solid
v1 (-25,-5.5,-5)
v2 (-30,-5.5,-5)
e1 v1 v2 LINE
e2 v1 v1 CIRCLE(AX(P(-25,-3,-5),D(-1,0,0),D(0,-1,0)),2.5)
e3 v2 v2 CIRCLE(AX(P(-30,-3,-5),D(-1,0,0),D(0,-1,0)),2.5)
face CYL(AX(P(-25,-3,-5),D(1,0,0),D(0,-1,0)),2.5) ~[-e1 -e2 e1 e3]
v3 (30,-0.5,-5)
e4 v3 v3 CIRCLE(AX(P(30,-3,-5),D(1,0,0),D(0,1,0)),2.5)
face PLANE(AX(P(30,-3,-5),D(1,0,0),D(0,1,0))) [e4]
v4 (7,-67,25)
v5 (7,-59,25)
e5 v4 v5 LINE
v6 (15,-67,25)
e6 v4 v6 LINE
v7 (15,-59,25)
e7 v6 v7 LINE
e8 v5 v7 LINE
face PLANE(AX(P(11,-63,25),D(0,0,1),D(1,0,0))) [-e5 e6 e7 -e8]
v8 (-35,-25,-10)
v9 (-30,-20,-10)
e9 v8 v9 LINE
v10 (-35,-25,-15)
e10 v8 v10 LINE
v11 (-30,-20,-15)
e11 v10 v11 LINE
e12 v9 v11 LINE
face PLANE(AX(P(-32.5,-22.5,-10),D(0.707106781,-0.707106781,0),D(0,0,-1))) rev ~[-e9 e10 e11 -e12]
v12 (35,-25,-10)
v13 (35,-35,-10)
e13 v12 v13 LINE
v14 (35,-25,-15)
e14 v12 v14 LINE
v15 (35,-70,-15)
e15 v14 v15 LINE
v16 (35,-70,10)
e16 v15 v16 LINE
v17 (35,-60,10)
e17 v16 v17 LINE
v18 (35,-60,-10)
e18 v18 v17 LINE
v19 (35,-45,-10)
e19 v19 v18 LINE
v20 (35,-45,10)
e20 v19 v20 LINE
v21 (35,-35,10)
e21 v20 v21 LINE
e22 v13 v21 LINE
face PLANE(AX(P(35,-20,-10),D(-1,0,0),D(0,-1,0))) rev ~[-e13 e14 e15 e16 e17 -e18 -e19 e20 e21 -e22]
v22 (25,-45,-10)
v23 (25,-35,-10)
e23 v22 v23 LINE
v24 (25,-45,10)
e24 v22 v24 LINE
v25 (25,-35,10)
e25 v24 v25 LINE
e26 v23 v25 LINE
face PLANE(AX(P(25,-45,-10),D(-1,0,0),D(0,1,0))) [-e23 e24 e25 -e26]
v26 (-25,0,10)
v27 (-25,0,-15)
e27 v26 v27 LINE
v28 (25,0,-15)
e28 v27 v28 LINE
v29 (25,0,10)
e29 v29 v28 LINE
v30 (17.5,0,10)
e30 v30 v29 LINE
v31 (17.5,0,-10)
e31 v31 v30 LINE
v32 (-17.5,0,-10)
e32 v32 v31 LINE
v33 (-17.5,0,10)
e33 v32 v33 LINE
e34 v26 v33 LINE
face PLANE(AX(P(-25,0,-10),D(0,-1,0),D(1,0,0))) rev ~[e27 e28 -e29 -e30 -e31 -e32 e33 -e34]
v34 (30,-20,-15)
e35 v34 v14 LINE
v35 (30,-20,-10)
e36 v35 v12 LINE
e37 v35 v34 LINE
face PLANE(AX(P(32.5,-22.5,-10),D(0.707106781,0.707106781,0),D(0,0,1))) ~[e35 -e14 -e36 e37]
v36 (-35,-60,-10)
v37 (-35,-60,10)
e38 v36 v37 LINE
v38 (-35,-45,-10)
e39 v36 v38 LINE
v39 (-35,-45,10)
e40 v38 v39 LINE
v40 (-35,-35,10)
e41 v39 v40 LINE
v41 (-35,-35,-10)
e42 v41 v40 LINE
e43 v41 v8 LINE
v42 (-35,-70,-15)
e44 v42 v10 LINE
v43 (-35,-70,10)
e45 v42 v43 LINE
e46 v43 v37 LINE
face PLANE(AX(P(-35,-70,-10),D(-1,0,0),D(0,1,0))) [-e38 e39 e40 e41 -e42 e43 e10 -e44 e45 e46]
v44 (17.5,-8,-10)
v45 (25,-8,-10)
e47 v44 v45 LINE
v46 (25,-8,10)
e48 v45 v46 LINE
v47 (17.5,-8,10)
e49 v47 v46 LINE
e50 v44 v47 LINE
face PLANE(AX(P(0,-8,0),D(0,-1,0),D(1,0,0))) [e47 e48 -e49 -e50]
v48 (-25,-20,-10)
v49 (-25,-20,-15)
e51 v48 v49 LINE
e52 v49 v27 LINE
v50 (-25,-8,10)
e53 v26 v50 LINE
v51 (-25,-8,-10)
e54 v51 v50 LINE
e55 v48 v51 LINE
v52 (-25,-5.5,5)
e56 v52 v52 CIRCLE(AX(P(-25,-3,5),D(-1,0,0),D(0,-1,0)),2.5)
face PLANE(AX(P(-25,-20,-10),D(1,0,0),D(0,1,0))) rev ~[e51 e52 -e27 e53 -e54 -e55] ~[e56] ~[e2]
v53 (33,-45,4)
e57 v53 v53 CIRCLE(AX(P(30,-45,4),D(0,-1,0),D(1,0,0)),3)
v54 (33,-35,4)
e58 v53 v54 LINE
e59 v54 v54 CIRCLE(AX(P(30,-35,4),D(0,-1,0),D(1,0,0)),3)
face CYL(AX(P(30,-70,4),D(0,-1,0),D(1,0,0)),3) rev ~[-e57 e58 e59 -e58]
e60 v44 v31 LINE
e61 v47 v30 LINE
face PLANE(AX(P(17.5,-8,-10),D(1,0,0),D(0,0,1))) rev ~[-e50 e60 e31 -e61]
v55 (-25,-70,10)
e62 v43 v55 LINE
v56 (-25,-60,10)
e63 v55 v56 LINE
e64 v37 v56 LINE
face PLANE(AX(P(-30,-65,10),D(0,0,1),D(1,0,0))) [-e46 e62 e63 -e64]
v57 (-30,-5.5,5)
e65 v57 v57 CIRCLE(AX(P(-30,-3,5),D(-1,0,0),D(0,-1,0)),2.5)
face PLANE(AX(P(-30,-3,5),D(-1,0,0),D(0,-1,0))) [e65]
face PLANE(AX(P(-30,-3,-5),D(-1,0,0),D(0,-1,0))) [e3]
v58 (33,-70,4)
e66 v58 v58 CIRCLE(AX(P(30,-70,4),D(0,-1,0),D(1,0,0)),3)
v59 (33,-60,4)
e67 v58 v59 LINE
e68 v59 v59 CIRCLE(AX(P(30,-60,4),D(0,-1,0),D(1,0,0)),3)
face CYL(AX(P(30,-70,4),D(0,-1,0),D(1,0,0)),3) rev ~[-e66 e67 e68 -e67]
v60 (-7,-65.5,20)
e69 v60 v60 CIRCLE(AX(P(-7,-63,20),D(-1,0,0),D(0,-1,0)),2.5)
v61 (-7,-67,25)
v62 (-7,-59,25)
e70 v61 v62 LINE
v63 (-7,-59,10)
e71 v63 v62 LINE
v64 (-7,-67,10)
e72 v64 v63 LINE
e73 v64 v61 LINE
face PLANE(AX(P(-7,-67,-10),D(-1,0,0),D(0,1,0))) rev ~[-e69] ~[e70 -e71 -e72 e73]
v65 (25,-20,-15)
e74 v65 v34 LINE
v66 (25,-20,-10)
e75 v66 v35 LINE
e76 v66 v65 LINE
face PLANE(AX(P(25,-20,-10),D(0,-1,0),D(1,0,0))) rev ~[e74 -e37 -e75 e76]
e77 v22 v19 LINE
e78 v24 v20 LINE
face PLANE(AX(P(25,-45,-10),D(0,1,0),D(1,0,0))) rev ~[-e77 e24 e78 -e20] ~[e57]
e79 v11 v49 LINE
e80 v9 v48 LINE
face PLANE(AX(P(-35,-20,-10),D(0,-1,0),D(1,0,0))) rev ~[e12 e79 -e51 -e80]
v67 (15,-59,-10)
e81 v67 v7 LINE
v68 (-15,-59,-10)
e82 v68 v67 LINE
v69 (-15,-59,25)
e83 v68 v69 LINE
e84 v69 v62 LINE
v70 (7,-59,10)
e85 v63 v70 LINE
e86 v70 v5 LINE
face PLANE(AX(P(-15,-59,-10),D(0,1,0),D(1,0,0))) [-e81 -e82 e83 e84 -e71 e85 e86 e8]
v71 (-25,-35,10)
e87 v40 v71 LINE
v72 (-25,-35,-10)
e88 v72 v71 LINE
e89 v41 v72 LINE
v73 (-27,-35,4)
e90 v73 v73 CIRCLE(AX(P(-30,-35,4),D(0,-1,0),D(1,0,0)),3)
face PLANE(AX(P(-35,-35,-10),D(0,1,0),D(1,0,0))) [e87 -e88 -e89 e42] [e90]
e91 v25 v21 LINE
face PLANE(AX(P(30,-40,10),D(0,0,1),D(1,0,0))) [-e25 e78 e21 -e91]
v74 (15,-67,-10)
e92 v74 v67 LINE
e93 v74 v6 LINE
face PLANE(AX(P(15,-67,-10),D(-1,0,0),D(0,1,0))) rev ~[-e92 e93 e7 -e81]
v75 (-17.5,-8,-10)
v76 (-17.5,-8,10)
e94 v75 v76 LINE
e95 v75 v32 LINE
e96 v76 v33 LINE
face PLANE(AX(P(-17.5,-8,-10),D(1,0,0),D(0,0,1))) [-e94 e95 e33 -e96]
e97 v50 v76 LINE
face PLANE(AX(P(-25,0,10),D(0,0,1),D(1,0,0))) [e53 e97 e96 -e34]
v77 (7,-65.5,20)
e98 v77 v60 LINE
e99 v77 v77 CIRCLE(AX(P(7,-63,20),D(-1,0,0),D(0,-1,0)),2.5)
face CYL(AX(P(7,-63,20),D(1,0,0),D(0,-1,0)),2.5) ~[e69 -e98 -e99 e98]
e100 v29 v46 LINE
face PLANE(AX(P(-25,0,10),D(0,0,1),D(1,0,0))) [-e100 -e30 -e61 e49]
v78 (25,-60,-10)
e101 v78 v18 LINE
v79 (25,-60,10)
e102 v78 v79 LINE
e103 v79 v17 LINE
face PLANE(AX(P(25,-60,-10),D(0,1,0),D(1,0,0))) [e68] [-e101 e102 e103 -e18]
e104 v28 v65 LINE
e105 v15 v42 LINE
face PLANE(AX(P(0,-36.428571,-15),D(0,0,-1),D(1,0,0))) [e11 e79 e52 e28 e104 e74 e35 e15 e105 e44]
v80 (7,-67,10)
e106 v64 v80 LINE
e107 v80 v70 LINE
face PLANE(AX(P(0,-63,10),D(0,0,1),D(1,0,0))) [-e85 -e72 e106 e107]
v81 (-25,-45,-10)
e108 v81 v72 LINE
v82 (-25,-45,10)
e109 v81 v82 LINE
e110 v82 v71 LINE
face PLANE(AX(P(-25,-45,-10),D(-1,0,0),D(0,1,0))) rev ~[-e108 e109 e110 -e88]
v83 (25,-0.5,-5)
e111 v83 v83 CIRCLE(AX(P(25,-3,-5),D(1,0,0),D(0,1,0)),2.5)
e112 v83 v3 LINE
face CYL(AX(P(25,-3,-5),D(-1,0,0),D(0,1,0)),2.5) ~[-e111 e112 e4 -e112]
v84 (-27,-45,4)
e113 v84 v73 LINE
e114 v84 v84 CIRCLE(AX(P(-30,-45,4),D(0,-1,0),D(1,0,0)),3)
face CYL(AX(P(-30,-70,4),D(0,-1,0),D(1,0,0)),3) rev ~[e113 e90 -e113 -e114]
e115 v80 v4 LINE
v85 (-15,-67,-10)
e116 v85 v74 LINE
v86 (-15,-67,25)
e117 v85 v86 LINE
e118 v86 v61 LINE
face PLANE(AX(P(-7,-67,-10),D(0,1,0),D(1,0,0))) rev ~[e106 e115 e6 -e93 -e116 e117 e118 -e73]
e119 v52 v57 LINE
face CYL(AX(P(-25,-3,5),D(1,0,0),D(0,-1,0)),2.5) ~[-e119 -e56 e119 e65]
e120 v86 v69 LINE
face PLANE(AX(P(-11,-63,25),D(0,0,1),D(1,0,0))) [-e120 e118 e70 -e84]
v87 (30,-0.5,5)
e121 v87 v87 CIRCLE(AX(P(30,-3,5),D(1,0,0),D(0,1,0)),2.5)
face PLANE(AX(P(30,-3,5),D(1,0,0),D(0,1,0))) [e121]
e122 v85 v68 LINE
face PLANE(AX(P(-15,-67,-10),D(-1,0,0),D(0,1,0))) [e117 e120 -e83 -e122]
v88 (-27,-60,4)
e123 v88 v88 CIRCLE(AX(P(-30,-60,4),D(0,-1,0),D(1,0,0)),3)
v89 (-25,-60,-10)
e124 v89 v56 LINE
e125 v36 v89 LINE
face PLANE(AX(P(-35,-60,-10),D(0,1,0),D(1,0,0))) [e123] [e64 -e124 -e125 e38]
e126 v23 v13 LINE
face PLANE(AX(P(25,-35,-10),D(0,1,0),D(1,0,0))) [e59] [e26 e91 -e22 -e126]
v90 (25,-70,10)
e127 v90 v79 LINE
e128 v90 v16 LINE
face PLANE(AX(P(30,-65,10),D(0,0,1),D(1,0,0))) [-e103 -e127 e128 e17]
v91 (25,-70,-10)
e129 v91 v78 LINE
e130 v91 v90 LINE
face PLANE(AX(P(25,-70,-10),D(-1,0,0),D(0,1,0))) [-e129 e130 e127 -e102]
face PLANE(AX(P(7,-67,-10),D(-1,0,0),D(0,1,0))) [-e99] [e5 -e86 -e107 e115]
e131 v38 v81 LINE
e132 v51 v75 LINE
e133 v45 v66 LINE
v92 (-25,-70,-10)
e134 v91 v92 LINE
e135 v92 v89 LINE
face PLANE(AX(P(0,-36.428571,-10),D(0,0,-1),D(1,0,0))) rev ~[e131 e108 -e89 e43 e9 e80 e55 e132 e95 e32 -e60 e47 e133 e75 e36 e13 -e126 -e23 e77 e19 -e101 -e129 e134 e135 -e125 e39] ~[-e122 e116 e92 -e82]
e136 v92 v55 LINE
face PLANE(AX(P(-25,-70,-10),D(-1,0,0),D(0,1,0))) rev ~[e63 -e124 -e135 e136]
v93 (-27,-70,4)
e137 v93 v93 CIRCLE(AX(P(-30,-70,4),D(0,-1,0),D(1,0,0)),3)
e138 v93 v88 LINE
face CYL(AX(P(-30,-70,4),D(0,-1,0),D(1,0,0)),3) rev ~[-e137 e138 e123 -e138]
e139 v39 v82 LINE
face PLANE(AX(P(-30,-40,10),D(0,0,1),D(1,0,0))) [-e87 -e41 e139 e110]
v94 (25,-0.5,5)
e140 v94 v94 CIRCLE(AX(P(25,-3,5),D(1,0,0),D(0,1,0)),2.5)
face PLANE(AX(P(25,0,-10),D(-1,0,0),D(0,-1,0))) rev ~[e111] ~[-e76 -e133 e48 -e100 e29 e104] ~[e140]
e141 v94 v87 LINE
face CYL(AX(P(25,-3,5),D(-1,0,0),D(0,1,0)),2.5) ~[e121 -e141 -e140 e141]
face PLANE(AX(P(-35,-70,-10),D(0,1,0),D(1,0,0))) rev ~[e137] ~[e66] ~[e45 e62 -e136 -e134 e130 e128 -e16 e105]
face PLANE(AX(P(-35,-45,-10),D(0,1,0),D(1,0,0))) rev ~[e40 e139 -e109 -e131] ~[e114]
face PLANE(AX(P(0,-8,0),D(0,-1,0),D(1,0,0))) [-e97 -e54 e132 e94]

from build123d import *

# Parameters (mm, degrees)
F0_W      = 50
F0_H      = 20
F1_DEPTH  = 8
F2_R      = 2.5
F3_DEPTH  = 5
F4_R      = 2.5
F5_DEPTH  = 5
F6_W      = 35
F6_H      = 30
F7_DEPTH  = 25
F9_DEPTH  = 5
F10_W     = 8
F10_H     = 8
F11_DEPTH = 35
F12_R     = 2.5
F13_DEPTH = 14
F14_W     = 10
F14_H     = 10
F15_DEPTH = 20
F16_R     = 3
F17_DEPTH = 50
F18_SIZE  = 5
F19_SIZE  = 5
F20_W     = 14
F20_H     = 8
F21_DEPTH = 20


with BuildPart() as f1:
    # F0 (on Front) → F1 (new body)
    with BuildSketch(Plane.XZ):
        Rectangle(F0_W, F0_H)
    extrude(amount=F1_DEPTH)

    # F2 (on face) → F3 (join)
    with BuildSketch(Plane(origin=(-25, 0, 0), x_dir=(0, -1, 0), z_dir=(-1, 0, 0))):
        with Locations((3, 5)):
            Circle(F2_R)
        with Locations((3, -5)):
            Circle(F2_R)
    extrude(amount=F3_DEPTH)

    # F4 (on face) → F5 (join)
    with BuildSketch(Plane.YZ.offset(25)):
        with Locations((-3, 5)):
            Circle(F4_R)
        with Locations((-3, -5)):
            Circle(F4_R)
    extrude(amount=F5_DEPTH)

    # F6 (on face) → F7 (cut)
    with BuildSketch(Plane.XZ.offset(8)):
        with Locations((0, 5)):
            Rectangle(F6_W, F6_H)
    extrude(amount=-F7_DEPTH, mode=Mode.SUBTRACT)

    # F8 (on face) → F9 (join)
    with BuildSketch(Plane(origin=(0, 0, -10), x_dir=(1, 0, 0), z_dir=(0, 0, -1))):
        Polygon((-25, 20), (-25, 0), (25, 0), (25, 20), (35, 20), (35, 70), (-35, 70), (-35, 20), align=None)
    extrude(amount=F9_DEPTH)

    # F10 (on face) → F11 (join)
    with BuildSketch(Plane.XY.offset(-10)):
        with Locations((-11, -63)):
            Rectangle(F10_W, F10_H)
        with Locations((11, -63)):
            Rectangle(F10_W, F10_H)
    extrude(amount=F11_DEPTH)

    # F12 (on face) → F13 (join, through all)
    with BuildSketch(Plane(origin=(7, 0, 0), x_dir=(0, -1, 0), z_dir=(-1, 0, 0))):
        with Locations((63, 20)):
            Circle(F12_R)
    extrude(amount=F13_DEPTH)

    # F14 (on face) → F15 (join)
    with BuildSketch(Plane.XY.offset(-10)):
        with Locations((-30, -65)):
            Rectangle(F14_W, F14_H)
        with Locations((30, -65)):
            Rectangle(F14_W, F14_H)
        with Locations((30, -40)):
            Rectangle(F14_W, F14_H)
        with Locations((-30, -40)):
            Rectangle(F14_W, F14_H)
    extrude(amount=F15_DEPTH)

    # F16 (on face) → F17 (cut)
    with BuildSketch(Plane.XZ.offset(70)):
        with Locations((30, 4)):
            Circle(F16_R)
        with Locations((-30, 4)):
            Circle(F16_R)
    extrude(amount=-F17_DEPTH, mode=Mode.SUBTRACT)

    # F18
    f18_edges = [f1.edges().sort_by_distance(p)[0] for p in [
        (-35, -20, -12.5),
    ]]
    chamfer(f18_edges, length=F18_SIZE)

    # F19
    f19_edges = [f1.edges().sort_by_distance(p)[0] for p in [
        (35, -20, -12.5),
    ]]
    chamfer(f19_edges, length=F19_SIZE)

    # F20 (on face) → F21 (join)
    with BuildSketch(Plane.XY.offset(-10)):
        with Locations((0, -63)):
            Rectangle(F20_W, F20_H)
    extrude(amount=F21_DEPTH)


solid = f1.part
